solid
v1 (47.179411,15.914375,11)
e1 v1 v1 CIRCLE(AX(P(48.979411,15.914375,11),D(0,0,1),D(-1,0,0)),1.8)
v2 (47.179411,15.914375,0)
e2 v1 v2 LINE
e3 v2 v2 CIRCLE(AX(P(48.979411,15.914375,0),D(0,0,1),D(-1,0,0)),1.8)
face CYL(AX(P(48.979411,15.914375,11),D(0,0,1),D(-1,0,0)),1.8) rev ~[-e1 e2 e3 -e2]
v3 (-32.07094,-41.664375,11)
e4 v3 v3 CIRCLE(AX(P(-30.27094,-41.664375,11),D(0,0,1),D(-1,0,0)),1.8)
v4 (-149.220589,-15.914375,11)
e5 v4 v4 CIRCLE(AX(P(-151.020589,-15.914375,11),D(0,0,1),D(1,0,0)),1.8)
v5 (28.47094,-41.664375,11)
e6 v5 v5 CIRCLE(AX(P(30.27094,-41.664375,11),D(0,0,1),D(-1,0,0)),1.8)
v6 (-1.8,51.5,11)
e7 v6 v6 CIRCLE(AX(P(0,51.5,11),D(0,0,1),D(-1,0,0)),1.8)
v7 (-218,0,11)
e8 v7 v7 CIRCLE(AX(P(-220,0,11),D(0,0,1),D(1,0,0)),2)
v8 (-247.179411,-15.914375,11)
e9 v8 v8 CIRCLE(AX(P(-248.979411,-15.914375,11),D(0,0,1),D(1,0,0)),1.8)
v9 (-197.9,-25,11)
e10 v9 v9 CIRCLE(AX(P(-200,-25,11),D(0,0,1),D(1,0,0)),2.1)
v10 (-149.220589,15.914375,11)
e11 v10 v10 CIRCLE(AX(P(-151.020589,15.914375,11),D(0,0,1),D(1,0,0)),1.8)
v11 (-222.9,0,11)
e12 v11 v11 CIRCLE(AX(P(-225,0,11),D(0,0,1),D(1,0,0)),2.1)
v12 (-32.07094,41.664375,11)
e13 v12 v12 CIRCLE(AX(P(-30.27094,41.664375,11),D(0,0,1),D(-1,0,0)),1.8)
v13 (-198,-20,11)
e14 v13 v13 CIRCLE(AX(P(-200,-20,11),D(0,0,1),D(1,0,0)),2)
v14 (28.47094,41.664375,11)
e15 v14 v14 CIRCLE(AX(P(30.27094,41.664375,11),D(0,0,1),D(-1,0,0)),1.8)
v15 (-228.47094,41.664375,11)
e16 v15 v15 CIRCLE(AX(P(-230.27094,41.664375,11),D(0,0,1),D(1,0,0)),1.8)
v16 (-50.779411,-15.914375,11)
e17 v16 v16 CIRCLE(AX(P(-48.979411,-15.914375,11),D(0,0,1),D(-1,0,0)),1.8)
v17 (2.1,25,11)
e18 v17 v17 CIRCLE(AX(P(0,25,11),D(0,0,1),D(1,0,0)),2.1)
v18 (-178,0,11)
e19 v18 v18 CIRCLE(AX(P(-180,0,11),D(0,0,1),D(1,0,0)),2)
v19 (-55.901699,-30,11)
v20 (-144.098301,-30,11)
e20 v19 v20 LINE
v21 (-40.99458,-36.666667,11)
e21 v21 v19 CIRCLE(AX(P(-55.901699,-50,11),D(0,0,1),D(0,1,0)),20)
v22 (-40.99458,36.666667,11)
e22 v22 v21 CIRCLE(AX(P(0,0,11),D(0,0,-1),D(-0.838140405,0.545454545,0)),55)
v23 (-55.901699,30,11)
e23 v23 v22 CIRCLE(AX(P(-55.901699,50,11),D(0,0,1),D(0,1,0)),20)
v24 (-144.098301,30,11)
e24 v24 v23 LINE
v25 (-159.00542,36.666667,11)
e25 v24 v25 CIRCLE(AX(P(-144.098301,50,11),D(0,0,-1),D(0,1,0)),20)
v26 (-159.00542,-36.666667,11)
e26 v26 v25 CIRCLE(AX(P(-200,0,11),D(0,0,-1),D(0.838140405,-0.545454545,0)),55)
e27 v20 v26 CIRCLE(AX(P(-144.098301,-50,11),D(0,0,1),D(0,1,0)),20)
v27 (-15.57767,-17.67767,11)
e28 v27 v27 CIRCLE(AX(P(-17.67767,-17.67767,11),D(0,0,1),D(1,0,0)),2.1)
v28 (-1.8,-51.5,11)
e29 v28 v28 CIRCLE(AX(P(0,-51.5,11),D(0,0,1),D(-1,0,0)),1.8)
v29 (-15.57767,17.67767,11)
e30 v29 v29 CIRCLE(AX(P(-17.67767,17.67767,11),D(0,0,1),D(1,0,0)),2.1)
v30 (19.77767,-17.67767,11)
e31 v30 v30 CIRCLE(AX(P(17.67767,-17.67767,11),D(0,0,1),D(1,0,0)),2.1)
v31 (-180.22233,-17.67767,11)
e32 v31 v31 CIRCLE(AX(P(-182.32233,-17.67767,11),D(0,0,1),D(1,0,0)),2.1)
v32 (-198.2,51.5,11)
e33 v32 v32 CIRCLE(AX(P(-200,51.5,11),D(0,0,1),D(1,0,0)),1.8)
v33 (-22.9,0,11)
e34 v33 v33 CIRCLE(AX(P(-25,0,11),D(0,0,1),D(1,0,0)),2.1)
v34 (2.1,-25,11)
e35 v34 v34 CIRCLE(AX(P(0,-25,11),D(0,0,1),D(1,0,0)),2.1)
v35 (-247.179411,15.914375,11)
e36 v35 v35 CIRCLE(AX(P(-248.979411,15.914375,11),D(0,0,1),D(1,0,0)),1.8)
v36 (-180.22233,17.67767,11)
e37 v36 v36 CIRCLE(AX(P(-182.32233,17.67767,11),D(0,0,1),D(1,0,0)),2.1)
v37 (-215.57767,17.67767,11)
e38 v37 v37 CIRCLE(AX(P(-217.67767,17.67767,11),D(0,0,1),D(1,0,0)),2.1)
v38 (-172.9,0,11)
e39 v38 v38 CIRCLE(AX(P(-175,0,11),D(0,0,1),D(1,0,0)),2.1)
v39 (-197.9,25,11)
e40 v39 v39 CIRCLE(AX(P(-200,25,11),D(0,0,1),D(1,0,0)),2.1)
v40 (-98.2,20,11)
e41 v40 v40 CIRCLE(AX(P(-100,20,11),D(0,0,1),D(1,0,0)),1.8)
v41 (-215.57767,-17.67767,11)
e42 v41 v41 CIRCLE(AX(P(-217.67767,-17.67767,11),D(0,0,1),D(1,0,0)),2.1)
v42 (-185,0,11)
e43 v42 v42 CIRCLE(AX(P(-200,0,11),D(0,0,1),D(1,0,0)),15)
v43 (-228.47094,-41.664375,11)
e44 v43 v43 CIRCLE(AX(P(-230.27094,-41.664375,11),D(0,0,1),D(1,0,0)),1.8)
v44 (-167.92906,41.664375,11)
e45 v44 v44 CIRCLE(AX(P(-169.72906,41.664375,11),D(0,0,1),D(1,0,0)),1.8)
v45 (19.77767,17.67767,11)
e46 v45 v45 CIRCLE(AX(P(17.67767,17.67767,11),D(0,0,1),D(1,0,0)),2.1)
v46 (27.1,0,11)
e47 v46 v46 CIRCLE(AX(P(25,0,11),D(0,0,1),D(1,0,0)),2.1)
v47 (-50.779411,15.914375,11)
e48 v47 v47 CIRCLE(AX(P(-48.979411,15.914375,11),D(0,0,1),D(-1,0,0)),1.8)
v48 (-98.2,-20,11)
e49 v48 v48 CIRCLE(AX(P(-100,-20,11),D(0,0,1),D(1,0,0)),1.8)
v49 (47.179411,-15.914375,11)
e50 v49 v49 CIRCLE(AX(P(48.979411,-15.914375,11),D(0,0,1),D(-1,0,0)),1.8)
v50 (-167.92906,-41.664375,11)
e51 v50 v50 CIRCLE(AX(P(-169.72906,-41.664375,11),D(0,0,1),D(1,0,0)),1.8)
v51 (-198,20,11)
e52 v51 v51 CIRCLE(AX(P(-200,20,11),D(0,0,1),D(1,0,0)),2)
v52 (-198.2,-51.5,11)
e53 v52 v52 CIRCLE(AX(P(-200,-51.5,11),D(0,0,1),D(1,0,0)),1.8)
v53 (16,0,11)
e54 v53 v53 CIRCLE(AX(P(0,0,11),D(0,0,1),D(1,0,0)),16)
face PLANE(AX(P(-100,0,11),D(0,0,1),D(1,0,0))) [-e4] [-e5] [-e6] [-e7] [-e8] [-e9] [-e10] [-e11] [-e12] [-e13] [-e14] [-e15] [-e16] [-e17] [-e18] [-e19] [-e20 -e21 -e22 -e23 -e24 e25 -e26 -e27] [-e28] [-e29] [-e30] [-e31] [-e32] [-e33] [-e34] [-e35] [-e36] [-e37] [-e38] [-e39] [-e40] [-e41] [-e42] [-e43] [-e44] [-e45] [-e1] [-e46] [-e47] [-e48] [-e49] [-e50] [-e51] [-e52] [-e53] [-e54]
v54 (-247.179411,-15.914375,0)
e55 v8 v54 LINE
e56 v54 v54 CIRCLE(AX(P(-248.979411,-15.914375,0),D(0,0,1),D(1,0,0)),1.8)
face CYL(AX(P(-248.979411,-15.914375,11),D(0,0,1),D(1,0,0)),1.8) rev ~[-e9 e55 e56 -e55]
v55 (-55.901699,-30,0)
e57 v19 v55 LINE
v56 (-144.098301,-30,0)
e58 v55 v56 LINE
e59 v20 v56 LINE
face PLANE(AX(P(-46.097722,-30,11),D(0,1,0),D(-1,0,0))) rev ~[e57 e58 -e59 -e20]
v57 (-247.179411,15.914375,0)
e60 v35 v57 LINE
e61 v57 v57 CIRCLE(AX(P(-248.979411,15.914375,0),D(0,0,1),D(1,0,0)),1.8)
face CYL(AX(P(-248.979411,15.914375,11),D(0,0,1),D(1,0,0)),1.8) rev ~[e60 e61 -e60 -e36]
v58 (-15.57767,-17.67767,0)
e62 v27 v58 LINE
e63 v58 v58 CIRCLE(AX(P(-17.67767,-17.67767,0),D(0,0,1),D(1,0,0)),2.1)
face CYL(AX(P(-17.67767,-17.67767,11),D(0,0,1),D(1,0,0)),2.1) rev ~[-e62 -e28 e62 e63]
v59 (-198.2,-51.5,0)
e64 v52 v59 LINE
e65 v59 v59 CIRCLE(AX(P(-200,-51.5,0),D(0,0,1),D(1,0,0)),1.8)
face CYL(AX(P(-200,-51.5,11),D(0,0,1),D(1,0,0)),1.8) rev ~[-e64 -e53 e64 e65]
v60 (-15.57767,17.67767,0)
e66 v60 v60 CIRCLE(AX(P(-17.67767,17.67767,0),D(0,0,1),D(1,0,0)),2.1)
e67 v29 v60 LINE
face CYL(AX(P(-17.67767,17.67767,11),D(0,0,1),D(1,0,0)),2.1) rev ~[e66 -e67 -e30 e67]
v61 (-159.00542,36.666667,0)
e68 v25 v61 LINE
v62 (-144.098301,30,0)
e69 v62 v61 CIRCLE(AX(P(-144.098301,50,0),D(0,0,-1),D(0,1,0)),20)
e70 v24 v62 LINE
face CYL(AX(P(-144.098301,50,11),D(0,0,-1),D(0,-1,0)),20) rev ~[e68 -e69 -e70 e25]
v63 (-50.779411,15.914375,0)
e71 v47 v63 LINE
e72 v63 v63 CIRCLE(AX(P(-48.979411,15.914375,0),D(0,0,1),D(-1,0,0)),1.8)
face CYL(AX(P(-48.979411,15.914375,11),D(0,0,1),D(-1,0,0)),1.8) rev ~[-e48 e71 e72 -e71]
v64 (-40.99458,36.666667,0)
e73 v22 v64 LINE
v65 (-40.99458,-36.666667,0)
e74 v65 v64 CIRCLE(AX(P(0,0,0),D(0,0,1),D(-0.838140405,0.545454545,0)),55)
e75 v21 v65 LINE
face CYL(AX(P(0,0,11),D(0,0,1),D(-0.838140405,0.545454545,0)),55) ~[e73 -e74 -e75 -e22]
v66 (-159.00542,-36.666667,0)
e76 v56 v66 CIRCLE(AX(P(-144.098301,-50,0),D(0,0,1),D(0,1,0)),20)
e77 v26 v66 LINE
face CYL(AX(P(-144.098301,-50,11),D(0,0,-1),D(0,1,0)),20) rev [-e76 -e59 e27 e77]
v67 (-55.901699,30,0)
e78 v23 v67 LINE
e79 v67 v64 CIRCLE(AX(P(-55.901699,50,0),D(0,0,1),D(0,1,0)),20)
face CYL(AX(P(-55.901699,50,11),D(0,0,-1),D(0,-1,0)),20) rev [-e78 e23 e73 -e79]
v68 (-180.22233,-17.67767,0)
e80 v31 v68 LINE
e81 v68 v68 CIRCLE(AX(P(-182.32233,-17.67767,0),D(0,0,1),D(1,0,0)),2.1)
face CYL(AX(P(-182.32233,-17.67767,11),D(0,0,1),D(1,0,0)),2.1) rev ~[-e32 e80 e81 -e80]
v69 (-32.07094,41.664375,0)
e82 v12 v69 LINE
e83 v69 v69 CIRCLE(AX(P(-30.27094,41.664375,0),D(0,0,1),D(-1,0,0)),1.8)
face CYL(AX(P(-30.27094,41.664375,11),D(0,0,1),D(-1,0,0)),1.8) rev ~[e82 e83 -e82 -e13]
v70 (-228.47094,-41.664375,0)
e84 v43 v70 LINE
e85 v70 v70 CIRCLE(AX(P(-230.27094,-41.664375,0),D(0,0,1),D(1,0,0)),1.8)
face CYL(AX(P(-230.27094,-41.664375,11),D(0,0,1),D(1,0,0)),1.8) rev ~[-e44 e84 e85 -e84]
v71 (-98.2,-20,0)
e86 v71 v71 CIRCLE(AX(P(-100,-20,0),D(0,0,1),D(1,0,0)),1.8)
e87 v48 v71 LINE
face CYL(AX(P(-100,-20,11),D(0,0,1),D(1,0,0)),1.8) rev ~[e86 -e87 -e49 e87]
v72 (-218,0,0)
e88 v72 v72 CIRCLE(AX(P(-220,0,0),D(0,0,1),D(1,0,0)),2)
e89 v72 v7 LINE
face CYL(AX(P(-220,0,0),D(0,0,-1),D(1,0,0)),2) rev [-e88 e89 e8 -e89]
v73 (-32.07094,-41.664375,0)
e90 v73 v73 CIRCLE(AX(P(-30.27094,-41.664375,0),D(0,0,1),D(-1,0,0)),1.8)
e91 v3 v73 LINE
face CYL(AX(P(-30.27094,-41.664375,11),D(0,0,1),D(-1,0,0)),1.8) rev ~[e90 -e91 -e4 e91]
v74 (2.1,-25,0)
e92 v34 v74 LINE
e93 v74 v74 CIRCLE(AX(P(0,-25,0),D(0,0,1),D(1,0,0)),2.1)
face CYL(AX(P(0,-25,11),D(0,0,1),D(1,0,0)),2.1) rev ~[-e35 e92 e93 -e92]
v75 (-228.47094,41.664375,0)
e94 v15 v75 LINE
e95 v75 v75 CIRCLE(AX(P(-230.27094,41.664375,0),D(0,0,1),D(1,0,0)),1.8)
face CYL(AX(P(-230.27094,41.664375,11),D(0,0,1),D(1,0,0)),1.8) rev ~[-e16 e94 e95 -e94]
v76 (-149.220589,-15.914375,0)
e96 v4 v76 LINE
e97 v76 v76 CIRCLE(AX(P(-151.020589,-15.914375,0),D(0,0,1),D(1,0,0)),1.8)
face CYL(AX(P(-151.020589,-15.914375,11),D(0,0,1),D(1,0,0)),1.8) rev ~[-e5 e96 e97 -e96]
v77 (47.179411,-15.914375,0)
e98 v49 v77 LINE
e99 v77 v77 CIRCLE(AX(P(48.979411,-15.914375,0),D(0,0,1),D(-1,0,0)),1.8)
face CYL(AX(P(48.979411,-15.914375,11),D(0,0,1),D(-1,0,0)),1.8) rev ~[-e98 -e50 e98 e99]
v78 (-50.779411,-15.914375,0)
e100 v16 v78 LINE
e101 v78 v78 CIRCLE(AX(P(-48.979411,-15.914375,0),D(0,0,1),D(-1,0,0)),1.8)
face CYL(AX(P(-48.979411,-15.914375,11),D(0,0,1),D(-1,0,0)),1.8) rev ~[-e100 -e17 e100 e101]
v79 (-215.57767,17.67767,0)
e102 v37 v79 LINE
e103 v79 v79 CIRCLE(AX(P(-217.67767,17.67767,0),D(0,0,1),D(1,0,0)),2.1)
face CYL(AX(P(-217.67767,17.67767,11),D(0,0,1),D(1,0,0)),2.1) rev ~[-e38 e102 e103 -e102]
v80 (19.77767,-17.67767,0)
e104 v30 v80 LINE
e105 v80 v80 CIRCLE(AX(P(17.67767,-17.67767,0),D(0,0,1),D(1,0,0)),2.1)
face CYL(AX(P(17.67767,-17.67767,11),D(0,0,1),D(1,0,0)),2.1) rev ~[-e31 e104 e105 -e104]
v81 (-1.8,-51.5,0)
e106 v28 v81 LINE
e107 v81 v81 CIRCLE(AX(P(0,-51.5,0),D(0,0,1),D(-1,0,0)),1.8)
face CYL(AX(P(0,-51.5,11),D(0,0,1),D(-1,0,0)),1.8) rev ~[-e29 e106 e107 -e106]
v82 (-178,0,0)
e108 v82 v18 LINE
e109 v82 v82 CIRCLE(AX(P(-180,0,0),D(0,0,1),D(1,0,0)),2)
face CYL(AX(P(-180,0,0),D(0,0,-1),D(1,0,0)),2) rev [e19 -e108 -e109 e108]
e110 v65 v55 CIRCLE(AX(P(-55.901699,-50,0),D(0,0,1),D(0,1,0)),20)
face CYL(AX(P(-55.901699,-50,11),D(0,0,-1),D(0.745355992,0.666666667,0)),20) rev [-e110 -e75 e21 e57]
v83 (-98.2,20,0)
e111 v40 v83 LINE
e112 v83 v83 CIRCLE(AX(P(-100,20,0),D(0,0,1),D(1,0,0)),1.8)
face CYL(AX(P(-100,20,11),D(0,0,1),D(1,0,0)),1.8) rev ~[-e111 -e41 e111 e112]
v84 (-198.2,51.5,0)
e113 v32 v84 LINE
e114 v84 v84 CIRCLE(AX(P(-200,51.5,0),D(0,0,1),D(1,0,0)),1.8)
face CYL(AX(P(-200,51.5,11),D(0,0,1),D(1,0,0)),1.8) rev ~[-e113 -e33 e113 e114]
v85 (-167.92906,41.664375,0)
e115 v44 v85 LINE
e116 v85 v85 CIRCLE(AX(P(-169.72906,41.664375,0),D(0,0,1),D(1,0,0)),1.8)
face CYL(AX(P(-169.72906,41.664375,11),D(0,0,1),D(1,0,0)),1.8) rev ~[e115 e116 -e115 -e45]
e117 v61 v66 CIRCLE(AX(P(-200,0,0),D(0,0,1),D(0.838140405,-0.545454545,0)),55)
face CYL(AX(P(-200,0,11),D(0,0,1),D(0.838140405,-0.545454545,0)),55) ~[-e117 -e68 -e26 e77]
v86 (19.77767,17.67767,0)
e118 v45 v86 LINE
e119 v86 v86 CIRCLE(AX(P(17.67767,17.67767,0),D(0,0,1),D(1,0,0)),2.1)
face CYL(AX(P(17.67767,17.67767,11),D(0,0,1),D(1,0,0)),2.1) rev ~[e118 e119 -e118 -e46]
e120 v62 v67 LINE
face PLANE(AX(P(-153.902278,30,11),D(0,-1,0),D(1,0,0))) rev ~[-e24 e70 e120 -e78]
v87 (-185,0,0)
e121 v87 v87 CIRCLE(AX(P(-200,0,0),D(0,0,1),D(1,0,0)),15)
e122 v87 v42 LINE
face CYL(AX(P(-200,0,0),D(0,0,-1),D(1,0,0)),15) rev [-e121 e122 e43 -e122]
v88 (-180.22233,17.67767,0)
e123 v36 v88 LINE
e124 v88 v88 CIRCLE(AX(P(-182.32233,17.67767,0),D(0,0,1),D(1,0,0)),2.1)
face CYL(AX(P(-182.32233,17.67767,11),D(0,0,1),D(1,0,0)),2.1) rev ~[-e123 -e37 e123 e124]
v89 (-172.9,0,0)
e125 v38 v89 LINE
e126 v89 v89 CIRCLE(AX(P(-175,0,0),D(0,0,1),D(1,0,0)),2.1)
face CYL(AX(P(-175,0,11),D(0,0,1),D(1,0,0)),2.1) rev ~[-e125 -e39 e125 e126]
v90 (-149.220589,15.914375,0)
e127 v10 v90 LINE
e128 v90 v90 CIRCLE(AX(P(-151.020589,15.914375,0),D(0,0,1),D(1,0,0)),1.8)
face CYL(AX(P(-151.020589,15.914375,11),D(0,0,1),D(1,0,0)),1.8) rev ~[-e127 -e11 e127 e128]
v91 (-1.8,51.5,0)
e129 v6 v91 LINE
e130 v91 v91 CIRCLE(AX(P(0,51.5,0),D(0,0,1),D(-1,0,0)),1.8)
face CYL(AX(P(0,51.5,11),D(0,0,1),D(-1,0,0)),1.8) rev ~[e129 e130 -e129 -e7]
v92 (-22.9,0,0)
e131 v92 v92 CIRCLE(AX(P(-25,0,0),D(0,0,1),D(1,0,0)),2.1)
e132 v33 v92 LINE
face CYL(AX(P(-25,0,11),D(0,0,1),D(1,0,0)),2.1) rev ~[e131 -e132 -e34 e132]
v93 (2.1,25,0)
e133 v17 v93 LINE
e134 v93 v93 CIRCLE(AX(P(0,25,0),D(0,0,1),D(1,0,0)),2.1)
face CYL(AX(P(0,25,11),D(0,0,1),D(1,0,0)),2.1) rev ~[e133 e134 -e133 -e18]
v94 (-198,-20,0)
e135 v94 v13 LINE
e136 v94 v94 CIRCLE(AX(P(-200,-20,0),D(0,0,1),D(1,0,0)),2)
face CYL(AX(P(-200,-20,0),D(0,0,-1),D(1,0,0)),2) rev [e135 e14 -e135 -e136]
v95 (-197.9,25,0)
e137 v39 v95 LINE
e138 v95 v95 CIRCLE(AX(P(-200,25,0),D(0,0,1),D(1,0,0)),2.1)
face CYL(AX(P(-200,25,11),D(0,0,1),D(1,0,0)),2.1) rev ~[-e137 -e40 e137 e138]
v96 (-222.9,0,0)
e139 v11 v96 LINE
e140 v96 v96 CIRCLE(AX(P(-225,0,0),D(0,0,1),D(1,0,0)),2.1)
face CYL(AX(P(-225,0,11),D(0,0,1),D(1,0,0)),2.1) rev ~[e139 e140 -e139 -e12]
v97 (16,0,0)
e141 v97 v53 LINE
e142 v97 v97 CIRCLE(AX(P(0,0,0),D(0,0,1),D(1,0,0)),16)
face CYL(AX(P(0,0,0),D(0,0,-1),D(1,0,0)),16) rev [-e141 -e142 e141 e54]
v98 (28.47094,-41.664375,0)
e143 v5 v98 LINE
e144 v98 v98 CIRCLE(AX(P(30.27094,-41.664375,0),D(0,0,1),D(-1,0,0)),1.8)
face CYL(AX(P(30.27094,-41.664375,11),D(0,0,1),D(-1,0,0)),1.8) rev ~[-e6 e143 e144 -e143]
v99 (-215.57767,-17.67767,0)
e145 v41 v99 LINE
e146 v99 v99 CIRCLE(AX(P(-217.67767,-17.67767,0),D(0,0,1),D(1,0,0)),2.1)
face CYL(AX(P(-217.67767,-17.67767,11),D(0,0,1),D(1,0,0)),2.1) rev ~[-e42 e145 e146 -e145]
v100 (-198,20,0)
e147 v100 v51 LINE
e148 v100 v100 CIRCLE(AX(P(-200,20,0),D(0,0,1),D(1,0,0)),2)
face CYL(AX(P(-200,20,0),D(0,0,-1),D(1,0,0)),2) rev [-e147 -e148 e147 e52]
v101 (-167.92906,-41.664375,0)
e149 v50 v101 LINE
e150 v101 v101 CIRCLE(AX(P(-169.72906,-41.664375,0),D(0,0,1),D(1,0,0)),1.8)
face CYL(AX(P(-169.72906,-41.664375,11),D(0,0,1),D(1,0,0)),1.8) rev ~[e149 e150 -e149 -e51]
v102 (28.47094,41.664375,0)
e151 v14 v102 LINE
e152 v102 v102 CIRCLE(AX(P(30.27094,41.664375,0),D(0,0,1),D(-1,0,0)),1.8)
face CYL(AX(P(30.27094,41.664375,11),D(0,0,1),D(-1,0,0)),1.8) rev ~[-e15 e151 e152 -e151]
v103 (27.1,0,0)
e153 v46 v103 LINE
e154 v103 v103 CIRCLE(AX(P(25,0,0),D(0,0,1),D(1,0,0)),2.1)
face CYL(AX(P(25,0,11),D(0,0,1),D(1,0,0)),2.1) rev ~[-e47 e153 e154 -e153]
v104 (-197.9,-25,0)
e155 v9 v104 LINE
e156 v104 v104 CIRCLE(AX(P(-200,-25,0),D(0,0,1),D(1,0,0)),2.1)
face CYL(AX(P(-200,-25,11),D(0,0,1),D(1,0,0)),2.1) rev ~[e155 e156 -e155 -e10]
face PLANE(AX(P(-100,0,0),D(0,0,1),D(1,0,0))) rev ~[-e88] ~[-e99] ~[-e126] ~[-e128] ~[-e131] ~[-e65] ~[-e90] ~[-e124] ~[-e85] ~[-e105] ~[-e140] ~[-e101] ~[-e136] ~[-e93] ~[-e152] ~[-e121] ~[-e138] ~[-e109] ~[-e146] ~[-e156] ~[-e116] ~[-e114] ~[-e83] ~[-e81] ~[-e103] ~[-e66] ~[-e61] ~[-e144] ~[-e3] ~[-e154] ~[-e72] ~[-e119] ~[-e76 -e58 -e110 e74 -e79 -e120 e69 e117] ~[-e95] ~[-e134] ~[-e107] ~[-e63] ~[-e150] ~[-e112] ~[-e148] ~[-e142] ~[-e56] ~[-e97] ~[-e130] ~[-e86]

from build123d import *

# Parameters (mm, degrees)
ESQUISSE1_W             = 320
ESQUISSE1_H             = 120
ESQUISSE1_R             = 16
ESQUISSE1_R_2           = 15
ESQUISSE1_R_3           = 2
BOSS_EXTRU_1_DEPTH      = 11
ESQUISSE2_R             = 2.1
ENL_V_MAT_EXTRU_1_DEPTH = 11
ESQUISSE3_OUTSIDE_W     = 390.388
ESQUISSE3_OUTSIDE_H     = 190.388
ENL_V_MAT_EXTRU_2_DEPTH = 268.05991837
CONG_1_R                = 20
ESQUISSE4_R             = 1.8
ENL_V_MAT_EXTRU_3_DEPTH = 262.095767871
ESQUISSE5_R             = 1.8
ENL_V_MAT_EXTRU_4_DEPTH = 262.095767871


with BuildPart() as part:
    # Esquisse1 → Boss.-Extru.1 (new body)
    with BuildSketch(Plane.XY):
        with Locations((-100, 0)):
            Rectangle(ESQUISSE1_W, ESQUISSE1_H)
        Circle(ESQUISSE1_R, mode=Mode.SUBTRACT)
        with Locations((-200, 0)):
            Circle(ESQUISSE1_R_2, mode=Mode.SUBTRACT)
        with Locations((-200, 20)):
            Circle(ESQUISSE1_R_3, mode=Mode.SUBTRACT)
        with Locations((-180, 0)):
            Circle(ESQUISSE1_R_3, mode=Mode.SUBTRACT)
        with Locations((-200, -20)):
            Circle(ESQUISSE1_R_3, mode=Mode.SUBTRACT)
        with Locations((-220, 0)):
            Circle(ESQUISSE1_R_3, mode=Mode.SUBTRACT)
    extrude(amount=BOSS_EXTRU_1_DEPTH)

    # Esquisse2 → Enlèv. mat.-Extru.1 (cut)
    with BuildSketch(Plane.XY.offset(11)):
        with Locations((-200, 25)):
            Circle(ESQUISSE2_R)
        with Locations((-182.32233047, 17.67766953)):
            Circle(ESQUISSE2_R)
        with Locations((-175, 0)):
            Circle(ESQUISSE2_R)
        with Locations((-182.32233047, -17.67766953)):
            Circle(ESQUISSE2_R)
        with Locations((-200, -25)):
            Circle(ESQUISSE2_R)
        with Locations((-217.67766953, -17.67766953)):
            Circle(ESQUISSE2_R)
        with Locations((-225, 0)):
            Circle(ESQUISSE2_R)
        with Locations((-217.67766953, 17.67766953)):
            Circle(ESQUISSE2_R)
        with Locations((0, 25)):
            Circle(ESQUISSE2_R)
        with Locations((17.67766953, 17.67766953)):
            Circle(ESQUISSE2_R)
        with Locations((25, 0)):
            Circle(ESQUISSE2_R)
        with Locations((17.67766953, -17.67766953)):
            Circle(ESQUISSE2_R)
        with Locations((0, -25)):
            Circle(ESQUISSE2_R)
        with Locations((-17.67766953, -17.67766953)):
            Circle(ESQUISSE2_R)
        with Locations((-25, 0)):
            Circle(ESQUISSE2_R)
        with Locations((-17.67766953, 17.67766953)):
            Circle(ESQUISSE2_R)
    extrude(amount=-ENL_V_MAT_EXTRU_1_DEPTH, mode=Mode.SUBTRACT)

    # Esquisse3 outside → Enlèv. mat.-Extru.2 (cut, through all)
    with BuildSketch(Plane.XY.offset(11)):
        with Locations((-100, 0)):
            Rectangle(ESQUISSE3_OUTSIDE_W, ESQUISSE3_OUTSIDE_H)
        with BuildLine():
            Line((-153.902277714, 30), (-46.097722286, 30))
            ThreePointArc((-46.097722286, 30), (55, 0), (-46.097722286, -30))
            Line((-46.097722286, -30), (-153.902277714, -30))
            ThreePointArc((-153.902277714, -30), (-255, 0), (-153.902277714, 30))
        make_face(mode=Mode.SUBTRACT)
    extrude(amount=-ENL_V_MAT_EXTRU_2_DEPTH, mode=Mode.SUBTRACT)

    # Congé1
    cong_1_edges = [part.edges().sort_by_distance(p)[0] for p in [
        (-153.902277714, 30, 5.5),
        (-46.097722286, 30, 5.5),
        (-46.097722286, -30, 5.5),
        (-153.902277714, -30, 5.5),
    ]]
    fillet(cong_1_edges, radius=CONG_1_R)

    # Esquisse4 → Enlèv. mat.-Extru.3 (cut, through all)
    with BuildSketch(Plane.XY.offset(11)):
        with Locations((-200, 51.5)):
            Circle(ESQUISSE4_R)
        with Locations((-169.729059507, 41.66437521)):
            Circle(ESQUISSE4_R)
        with Locations((-151.020589411, 15.91437521)):
            Circle(ESQUISSE4_R)
        with Locations((-151.020589411, -15.91437521)):
            Circle(ESQUISSE4_R)
        with Locations((-169.729059507, -41.66437521)):
            Circle(ESQUISSE4_R)
        with Locations((-200, -51.5)):
            Circle(ESQUISSE4_R)
        with Locations((-230.270940493, -41.66437521)):
            Circle(ESQUISSE4_R)
        with Locations((-248.979410589, -15.91437521)):
            Circle(ESQUISSE4_R)
        with Locations((-248.979410589, 15.91437521)):
            Circle(ESQUISSE4_R)
        with Locations((-230.270940493, 41.66437521)):
            Circle(ESQUISSE4_R)
        with Locations(Location((30.270940493, 41.66437521, 0), (0, 0, 180))):
            Circle(ESQUISSE4_R)
        with Locations(Location((48.979410589, 15.91437521, 0), (0, 0, 180))):
            Circle(ESQUISSE4_R)
        with Locations(Location((48.979410589, -15.91437521, 0), (0, 0, 180))):
            Circle(ESQUISSE4_R)
        with Locations(Location((30.270940493, -41.66437521, 0), (0, 0, 180))):
            Circle(ESQUISSE4_R)
        with Locations(Location((0, -51.5, 0), (0, 0, 180))):
            Circle(ESQUISSE4_R)
        with Locations(Location((-30.270940493, -41.66437521, 0), (0, 0, 180))):
            Circle(ESQUISSE4_R)
        with Locations(Location((-48.979410589, -15.91437521, 0), (0, 0, 180))):
            Circle(ESQUISSE4_R)
        with Locations(Location((-48.979410589, 15.91437521, 0), (0, 0, 180))):
            Circle(ESQUISSE4_R)
        with Locations(Location((-30.270940493, 41.66437521, 0), (0, 0, 180))):
            Circle(ESQUISSE4_R)
        with Locations(Location((0, 51.5, 0), (0, 0, 180))):
            Circle(ESQUISSE4_R)
    extrude(amount=-ENL_V_MAT_EXTRU_3_DEPTH, mode=Mode.SUBTRACT)

    # Esquisse5 → Enlèv. mat.-Extru.4 (cut, through all)
    with BuildSketch(Plane.XY.offset(11)):
        with Locations((-100, 20)):
            Circle(ESQUISSE5_R)
        with Locations((-100, -20)):
            Circle(ESQUISSE5_R)
    extrude(amount=-ENL_V_MAT_EXTRU_4_DEPTH, mode=Mode.SUBTRACT)


solid = part.part
